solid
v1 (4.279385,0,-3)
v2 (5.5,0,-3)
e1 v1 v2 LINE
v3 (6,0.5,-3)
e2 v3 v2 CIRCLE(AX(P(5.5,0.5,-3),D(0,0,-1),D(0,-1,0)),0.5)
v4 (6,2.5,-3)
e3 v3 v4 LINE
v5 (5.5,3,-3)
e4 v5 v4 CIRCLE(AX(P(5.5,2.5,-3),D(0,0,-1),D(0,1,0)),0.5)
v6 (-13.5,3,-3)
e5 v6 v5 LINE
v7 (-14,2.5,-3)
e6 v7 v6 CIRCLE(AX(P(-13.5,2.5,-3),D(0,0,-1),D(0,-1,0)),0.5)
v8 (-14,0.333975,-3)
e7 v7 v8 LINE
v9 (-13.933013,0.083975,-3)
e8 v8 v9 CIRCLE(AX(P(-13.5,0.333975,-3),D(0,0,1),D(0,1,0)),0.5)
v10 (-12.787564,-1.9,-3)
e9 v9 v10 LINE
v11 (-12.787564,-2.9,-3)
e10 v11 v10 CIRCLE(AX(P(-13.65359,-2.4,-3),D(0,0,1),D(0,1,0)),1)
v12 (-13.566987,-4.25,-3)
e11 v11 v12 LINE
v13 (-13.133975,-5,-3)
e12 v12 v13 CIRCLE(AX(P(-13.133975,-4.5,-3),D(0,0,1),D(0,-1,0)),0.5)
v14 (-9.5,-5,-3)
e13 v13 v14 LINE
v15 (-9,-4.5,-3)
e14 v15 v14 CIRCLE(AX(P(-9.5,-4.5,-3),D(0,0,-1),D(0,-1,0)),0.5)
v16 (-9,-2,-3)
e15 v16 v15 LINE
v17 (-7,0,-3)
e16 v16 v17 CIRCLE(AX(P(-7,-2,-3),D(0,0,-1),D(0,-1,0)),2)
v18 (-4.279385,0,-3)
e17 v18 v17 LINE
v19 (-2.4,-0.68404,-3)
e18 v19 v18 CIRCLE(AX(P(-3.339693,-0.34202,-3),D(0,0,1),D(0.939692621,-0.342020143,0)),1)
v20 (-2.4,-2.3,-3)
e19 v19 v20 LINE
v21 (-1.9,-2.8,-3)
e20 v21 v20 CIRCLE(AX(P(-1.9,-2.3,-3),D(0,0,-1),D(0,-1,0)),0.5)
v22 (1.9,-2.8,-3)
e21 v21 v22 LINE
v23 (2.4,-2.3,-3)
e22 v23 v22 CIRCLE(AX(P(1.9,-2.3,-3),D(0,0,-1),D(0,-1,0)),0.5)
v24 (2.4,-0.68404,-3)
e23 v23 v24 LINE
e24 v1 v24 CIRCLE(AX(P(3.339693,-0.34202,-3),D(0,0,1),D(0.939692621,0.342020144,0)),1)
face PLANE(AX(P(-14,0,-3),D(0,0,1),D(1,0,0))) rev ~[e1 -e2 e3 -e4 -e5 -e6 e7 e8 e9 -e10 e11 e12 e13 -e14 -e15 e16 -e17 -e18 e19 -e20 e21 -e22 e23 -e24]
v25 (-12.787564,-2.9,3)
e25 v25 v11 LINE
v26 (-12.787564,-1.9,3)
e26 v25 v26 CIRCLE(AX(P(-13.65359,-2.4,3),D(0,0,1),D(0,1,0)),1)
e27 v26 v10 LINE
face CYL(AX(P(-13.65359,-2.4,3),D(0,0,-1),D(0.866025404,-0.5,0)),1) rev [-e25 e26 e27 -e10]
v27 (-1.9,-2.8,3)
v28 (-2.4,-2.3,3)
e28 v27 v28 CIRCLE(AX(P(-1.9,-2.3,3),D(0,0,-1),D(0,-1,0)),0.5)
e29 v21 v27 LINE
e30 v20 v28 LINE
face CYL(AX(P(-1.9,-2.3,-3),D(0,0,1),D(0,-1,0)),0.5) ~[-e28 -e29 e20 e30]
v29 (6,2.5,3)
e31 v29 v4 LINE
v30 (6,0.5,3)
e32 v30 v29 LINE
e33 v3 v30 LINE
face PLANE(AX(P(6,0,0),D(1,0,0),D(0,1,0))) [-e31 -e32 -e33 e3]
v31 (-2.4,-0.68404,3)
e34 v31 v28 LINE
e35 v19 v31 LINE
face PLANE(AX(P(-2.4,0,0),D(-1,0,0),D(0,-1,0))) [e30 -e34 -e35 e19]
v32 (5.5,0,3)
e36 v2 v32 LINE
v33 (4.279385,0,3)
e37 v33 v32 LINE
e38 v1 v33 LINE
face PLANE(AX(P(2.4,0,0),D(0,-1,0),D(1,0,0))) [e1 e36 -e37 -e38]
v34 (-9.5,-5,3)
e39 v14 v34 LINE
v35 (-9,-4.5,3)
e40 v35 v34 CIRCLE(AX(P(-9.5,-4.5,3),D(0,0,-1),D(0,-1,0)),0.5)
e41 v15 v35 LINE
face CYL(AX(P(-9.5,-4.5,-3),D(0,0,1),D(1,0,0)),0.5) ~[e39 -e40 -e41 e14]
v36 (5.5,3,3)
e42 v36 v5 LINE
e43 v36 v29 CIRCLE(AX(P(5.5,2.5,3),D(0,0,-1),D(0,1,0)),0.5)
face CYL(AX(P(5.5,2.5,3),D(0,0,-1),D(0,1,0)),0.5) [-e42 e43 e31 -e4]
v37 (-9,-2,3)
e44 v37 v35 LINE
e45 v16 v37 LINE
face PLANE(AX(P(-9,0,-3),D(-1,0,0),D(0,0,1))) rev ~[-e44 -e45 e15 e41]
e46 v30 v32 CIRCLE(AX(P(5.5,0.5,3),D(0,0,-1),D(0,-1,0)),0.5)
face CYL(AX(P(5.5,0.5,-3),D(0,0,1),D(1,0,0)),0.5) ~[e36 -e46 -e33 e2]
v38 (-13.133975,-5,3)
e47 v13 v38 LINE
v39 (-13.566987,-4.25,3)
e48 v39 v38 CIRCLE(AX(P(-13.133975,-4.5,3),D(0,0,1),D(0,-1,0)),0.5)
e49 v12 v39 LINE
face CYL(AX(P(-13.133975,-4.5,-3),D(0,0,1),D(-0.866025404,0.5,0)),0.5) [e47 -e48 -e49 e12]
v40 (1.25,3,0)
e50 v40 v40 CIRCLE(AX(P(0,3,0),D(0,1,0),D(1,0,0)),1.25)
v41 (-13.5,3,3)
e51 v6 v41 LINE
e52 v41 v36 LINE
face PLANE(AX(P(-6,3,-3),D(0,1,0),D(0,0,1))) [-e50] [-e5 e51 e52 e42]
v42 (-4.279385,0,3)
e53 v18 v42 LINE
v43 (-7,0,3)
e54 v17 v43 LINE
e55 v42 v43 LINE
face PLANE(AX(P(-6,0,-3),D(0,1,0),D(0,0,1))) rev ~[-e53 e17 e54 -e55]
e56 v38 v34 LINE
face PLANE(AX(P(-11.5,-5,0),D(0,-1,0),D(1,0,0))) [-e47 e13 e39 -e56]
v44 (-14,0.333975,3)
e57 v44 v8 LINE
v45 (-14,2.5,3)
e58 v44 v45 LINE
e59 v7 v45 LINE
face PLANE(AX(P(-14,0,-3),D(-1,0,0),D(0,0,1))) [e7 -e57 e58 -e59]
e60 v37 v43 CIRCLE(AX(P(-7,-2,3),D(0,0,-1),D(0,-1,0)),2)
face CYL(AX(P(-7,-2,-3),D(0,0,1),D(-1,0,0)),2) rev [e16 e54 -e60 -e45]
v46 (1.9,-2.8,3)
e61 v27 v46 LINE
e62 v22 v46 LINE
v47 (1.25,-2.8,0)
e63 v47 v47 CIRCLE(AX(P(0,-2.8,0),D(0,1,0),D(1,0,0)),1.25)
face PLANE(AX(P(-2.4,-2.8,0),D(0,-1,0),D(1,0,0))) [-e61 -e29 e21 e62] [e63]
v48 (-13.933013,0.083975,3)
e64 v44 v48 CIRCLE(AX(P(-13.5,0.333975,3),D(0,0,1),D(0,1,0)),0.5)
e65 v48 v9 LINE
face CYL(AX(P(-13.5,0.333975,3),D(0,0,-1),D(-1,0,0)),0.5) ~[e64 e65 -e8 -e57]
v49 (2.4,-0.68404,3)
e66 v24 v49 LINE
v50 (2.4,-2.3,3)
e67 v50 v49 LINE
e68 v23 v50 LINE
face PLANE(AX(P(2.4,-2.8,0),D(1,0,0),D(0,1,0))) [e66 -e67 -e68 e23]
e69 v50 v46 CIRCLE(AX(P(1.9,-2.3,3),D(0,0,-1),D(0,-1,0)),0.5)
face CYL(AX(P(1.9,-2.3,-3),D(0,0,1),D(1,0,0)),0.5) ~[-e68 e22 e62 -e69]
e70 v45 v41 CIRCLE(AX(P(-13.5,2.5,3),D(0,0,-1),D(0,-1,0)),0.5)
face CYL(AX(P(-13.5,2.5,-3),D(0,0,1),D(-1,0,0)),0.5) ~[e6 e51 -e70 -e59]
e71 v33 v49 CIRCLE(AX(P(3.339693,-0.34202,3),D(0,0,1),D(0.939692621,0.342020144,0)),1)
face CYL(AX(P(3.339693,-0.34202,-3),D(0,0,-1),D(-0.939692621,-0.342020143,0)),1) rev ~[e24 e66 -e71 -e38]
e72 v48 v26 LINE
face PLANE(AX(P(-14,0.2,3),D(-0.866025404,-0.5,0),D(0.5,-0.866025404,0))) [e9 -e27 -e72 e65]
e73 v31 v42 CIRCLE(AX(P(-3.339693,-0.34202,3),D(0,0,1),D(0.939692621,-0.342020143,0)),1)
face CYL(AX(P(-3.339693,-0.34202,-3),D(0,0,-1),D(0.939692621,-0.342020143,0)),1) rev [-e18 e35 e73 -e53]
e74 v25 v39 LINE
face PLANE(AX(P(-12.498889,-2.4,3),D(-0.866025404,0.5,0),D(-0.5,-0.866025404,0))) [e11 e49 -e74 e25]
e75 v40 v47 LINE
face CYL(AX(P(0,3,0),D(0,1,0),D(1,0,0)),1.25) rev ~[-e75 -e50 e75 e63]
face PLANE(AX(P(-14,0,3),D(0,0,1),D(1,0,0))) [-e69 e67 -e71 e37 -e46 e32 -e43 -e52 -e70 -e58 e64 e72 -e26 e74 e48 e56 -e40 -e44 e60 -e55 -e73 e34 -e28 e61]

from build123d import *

# Parameters (mm, degrees)
BOSS_EXTRU_1_DEPTH      = 3
ESQUISSE2_R             = 1.25
ENL_V_MAT_EXTRU_1_DEPTH = 6.8
ESQUISSE3_W             = 6
ESQUISSE3_H             = 3
BOSS_EXTRU_2_DEPTH      = 8
ESQUISSE6_W             = 5
ESQUISSE6_H             = 6
BOSS_EXTRU_4_DEPTH      = 5
ENL_V_MAT_EXTRU_3_DEPTH = 7
CONG_2_R                = 0.5
CONG_3_R                = 2
CONG_4_R                = 1
ENL_V_MAT_EXTRU_4_DEPTH = 7


with BuildPart() as part:
    # Esquisse1 → Boss.-Extru.1 (new body, symmetric)
    with BuildSketch(Plane.XY):
        Polygon((-6, 0), (-2.4, 0), (-2.4, -2.8), (2.4, -2.8), (2.4, 0), (6, 0), (6, 3), (-6, 3), align=None)
    extrude(amount=BOSS_EXTRU_1_DEPTH, both=True)

    # Esquisse2 → Enlèv. mat.-Extru.1 (cut, through all)
    with BuildSketch(Plane(origin=(0, 3, 0), x_dir=(1, 0, 0), z_dir=(0, 1, 0))):
        Circle(ESQUISSE2_R)
    extrude(amount=-ENL_V_MAT_EXTRU_1_DEPTH, mode=Mode.SUBTRACT)

    # Esquisse3 → Boss.-Extru.2 (add)
    with BuildSketch(Plane.ZY.offset(6)):
        with Locations((0, 1.5)):
            Rectangle(ESQUISSE3_W, ESQUISSE3_H)
    extrude(amount=BOSS_EXTRU_2_DEPTH)

    # Esquisse6 → Boss.-Extru.4 (add)
    with BuildSketch(Plane.XZ):
        with Locations((-11.5, 0)):
            Rectangle(ESQUISSE6_W, ESQUISSE6_H)
    extrude(amount=BOSS_EXTRU_4_DEPTH)

    # Esquisse7 → Enlèv. mat.-Extru.3 (cut, through all)
    with BuildSketch(Plane.XY.offset(3)):
        Polygon((-14, 0.2), (-12.4988893, -2.4), (-14, -5), align=None)
    extrude(amount=-ENL_V_MAT_EXTRU_3_DEPTH, mode=Mode.SUBTRACT)

    # Congé2
    cong_2_edges = [part.edges().sort_by_distance(p)[0] for p in [
        (6, 0, 0),
        (2.4, -2.8, 0),
        (-2.4, -2.8, 0),
        (6, 3, 0),
        (-14, 3, 0),
        (-14, -5, 0),
        (-9, -5, 0),
        (-14, 0.2, 0),
    ]]
    fillet(cong_2_edges, radius=CONG_2_R)

    # Congé3
    cong_3_edges = [part.edges().sort_by_distance(p)[0] for p in [
        (-9, 0, 0),
    ]]
    fillet(cong_3_edges, radius=CONG_3_R)

    # Congé4
    cong_4_edges = [part.edges().sort_by_distance(p)[0] for p in [
        (-12.4988893, -2.4, 0),
    ]]
    fillet(cong_4_edges, radius=CONG_4_R)

    # Esquisse9 → Enlèv. mat.-Extru.4 (cut, through all)
    with BuildSketch(Plane(origin=(0, 0, -3), x_dir=(-1, 0, 0), z_dir=(0, 0, -1))):
        with BuildLine():
            Line((-4.279385242, 0), (-2.4, -0.684040287))
            ThreePointArc((-2.4, -0.684040287), (-2.997672477, 0.597672477), (-4.279385242, 0))
        make_face()
        with BuildLine():
            Line((4.279385242, 0), (2.4, -0.684040287))
            ThreePointArc((2.4, -0.684040287), (2.997672477, 0.597672477), (4.279385242, 0))
        make_face()
    extrude(amount=-ENL_V_MAT_EXTRU_4_DEPTH, mode=Mode.SUBTRACT)


solid = part.part
